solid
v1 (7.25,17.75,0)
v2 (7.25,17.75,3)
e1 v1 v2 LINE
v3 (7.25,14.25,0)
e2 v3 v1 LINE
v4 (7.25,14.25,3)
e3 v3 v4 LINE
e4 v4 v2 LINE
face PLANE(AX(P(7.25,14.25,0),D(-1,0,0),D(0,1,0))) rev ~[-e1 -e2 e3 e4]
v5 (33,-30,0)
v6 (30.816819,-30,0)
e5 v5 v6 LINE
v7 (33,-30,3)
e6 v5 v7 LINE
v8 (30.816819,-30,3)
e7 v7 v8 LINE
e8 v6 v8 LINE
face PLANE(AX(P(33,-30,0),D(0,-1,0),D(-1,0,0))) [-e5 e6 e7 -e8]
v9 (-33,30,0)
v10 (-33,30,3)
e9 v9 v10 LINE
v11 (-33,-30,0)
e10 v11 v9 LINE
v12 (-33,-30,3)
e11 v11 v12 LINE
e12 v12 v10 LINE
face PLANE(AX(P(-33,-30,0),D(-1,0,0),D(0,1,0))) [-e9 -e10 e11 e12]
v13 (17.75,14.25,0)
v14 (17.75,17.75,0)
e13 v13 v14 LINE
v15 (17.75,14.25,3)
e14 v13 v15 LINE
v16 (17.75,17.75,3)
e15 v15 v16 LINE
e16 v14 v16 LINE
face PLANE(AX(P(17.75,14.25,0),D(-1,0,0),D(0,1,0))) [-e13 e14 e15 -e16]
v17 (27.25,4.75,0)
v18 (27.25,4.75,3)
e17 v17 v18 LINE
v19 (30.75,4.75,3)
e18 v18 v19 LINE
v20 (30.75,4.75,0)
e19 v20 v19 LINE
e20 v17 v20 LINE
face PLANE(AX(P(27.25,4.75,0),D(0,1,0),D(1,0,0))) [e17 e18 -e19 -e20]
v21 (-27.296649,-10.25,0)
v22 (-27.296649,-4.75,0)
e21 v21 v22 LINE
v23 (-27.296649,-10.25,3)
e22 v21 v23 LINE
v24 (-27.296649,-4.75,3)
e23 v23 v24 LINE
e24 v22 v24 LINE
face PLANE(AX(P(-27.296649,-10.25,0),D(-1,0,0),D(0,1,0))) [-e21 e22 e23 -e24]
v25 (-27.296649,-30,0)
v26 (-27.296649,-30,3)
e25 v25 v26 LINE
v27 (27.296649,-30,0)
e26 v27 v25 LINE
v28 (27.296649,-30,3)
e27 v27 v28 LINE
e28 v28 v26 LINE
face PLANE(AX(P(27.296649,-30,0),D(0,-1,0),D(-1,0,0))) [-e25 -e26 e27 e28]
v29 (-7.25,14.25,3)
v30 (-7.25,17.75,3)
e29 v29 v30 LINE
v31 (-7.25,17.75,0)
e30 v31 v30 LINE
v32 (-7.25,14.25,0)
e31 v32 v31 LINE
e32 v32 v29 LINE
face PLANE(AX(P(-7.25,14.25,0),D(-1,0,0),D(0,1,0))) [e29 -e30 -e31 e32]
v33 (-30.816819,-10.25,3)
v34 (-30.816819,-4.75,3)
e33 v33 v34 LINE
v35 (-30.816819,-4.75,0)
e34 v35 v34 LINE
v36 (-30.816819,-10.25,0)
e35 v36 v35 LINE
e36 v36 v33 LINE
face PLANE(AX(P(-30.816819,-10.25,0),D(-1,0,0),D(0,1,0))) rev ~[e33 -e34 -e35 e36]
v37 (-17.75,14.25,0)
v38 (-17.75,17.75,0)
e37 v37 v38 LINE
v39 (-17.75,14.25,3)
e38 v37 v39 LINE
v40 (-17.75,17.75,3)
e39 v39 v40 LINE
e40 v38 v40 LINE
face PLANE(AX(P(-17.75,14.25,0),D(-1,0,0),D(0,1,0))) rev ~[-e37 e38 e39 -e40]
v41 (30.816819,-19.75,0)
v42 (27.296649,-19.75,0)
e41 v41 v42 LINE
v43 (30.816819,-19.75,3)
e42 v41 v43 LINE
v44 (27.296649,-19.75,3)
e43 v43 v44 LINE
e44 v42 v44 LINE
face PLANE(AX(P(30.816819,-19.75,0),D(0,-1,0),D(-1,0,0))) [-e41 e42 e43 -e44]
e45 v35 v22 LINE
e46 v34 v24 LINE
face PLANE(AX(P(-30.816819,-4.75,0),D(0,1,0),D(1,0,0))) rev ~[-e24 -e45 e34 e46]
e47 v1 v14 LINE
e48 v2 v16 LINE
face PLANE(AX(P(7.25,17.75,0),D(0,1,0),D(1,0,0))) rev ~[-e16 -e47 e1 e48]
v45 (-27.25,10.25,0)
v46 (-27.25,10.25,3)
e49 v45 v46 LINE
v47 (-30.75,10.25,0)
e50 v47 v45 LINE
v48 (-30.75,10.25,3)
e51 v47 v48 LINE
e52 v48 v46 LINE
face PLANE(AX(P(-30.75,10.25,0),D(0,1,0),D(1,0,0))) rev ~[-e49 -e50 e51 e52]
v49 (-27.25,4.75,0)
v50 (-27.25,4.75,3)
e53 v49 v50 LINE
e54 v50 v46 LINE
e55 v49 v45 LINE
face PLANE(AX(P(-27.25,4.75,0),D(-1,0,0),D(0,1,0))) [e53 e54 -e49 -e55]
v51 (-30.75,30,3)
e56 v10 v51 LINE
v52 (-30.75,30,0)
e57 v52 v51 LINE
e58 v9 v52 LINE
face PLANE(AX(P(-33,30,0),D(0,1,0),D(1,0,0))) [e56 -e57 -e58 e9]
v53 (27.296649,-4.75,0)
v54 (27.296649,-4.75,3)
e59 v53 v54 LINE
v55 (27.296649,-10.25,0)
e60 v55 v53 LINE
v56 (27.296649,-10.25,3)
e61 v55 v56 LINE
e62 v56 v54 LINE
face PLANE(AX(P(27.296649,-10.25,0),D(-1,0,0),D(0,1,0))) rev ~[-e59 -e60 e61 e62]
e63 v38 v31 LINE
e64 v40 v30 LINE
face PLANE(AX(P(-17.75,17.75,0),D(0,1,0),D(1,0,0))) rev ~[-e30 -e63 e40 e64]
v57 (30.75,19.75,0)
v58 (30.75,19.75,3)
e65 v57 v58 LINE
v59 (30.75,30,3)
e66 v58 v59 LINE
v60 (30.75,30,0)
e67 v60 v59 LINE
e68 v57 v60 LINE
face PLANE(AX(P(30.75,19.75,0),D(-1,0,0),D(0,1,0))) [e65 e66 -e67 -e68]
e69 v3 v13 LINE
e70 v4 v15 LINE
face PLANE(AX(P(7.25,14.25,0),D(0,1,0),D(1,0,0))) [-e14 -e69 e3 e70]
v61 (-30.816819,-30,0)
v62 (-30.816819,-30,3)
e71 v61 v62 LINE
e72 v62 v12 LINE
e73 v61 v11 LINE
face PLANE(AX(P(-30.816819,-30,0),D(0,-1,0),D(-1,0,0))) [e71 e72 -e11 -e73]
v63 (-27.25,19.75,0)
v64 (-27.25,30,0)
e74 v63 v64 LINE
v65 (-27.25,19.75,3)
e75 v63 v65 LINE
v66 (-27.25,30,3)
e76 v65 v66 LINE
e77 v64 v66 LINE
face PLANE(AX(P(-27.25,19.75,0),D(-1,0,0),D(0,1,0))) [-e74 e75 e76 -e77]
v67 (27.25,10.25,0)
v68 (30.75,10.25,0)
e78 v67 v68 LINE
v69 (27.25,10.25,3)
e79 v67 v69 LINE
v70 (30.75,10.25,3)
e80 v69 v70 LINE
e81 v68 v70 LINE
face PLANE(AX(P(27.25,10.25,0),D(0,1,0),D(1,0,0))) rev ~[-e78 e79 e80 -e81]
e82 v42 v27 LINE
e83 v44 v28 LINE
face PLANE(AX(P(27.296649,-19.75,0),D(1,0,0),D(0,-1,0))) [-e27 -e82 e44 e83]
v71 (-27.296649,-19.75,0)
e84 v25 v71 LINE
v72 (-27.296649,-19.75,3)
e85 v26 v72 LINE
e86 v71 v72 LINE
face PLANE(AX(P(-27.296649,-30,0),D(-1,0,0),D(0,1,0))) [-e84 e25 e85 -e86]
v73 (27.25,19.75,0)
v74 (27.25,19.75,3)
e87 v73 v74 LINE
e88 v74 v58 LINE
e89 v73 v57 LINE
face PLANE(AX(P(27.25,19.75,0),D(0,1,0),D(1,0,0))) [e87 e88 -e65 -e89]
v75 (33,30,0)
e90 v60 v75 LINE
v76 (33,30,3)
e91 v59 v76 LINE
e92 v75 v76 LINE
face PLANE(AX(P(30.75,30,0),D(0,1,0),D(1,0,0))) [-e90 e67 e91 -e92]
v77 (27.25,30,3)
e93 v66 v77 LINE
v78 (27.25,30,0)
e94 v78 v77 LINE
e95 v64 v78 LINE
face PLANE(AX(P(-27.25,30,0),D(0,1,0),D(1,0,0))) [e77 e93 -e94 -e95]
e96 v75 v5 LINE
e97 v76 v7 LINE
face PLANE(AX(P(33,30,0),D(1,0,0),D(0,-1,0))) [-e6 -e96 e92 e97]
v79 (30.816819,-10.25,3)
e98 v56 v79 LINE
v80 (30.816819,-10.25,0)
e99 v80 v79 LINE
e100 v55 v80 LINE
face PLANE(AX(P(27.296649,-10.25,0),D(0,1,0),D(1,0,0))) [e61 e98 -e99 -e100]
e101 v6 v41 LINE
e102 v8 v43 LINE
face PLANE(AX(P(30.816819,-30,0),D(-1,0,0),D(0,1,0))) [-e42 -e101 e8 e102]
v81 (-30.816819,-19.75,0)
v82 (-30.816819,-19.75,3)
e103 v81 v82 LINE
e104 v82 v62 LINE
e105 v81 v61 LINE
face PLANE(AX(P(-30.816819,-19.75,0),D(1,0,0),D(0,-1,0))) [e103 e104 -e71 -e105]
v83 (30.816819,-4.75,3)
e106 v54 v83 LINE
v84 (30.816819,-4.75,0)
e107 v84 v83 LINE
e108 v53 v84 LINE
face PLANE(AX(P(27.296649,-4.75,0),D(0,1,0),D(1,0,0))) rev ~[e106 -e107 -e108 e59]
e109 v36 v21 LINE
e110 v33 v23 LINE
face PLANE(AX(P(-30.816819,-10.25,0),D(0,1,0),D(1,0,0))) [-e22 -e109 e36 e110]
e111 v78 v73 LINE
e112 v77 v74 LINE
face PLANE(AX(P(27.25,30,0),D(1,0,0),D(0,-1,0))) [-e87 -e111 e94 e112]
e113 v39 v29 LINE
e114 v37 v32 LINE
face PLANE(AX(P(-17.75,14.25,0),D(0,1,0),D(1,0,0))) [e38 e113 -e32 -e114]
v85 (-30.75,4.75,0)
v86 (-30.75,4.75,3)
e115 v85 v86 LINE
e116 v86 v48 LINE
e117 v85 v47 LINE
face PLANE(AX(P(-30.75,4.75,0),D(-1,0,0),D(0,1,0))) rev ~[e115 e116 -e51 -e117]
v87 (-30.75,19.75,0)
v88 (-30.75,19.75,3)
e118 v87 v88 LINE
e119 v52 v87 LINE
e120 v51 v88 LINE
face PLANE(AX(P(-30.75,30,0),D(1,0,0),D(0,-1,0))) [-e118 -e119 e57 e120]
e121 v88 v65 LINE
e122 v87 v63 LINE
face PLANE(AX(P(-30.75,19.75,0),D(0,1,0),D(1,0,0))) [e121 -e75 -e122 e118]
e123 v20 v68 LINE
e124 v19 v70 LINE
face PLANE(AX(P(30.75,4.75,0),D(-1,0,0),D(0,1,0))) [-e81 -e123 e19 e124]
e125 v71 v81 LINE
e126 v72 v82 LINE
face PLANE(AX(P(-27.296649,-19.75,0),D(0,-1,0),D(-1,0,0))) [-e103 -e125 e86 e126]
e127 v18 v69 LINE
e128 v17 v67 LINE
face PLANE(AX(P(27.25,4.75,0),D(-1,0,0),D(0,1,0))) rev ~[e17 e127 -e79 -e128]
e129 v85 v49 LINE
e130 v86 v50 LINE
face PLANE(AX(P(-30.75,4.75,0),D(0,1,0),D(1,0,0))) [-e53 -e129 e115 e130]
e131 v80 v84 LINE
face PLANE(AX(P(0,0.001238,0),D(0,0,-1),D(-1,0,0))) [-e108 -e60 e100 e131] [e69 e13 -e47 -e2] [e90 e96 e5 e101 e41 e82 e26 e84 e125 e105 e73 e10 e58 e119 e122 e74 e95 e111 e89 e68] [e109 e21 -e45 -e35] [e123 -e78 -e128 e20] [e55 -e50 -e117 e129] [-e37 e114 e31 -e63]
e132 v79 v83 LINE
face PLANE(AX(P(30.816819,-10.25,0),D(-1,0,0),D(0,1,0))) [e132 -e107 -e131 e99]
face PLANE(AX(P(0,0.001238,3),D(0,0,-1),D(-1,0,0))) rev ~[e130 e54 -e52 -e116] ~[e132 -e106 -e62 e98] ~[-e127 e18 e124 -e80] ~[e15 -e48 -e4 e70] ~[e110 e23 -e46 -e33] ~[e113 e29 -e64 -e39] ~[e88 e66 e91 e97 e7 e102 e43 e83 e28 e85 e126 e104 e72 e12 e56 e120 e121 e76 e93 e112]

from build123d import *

# Parameters (mm, degrees)
SKETCH_1_W      = 10.5
SKETCH_1_H      = 3.5
SKETCH_1_W_2    = 3.5
SKETCH_1_H_2    = 5.5
SKETCH_1_W_3    = 3.520169939
EXTRUDE_1_DEPTH = 3


with BuildPart() as part:
    # Эскиз1 → Бобышка-Вытянуть1 (new body)
    with BuildSketch(Plane.XY):
        Polygon((-27.25, 30), (27.25, 30), (27.25, 19.75), (30.75, 19.75), (30.75, 30), (33, 30), (33, -30), (30.816819074, -30), (30.816819074, -19.75), (27.296649135, -19.75), (27.296649135, -30), (-27.296649135, -30), (-27.296649135, -19.75), (-30.816819074, -19.75), (-30.816819074, -30), (-33, -30), (-33, 30), (-30.75, 30), (-30.75, 19.75), (-27.25, 19.75), align=None)
        with Locations((-12.5, 16)):
            Rectangle(SKETCH_1_W, SKETCH_1_H, mode=Mode.SUBTRACT)
        with Locations((-29, 7.5)):
            Rectangle(SKETCH_1_W_2, SKETCH_1_H_2, mode=Mode.SUBTRACT)
        with Locations((-29.056734105, -7.5)):
            Rectangle(SKETCH_1_W_3, SKETCH_1_H_2, mode=Mode.SUBTRACT)
        with Locations((29.056734105, -7.5)):
            Rectangle(SKETCH_1_W_3, SKETCH_1_H_2, mode=Mode.SUBTRACT)
        with Locations((29, 7.5)):
            Rectangle(SKETCH_1_W_2, SKETCH_1_H_2, mode=Mode.SUBTRACT)
        with Locations((12.5, 16)):
            Rectangle(SKETCH_1_W, SKETCH_1_H, mode=Mode.SUBTRACT)
    extrude(amount=EXTRUDE_1_DEPTH)


solid = part.part
